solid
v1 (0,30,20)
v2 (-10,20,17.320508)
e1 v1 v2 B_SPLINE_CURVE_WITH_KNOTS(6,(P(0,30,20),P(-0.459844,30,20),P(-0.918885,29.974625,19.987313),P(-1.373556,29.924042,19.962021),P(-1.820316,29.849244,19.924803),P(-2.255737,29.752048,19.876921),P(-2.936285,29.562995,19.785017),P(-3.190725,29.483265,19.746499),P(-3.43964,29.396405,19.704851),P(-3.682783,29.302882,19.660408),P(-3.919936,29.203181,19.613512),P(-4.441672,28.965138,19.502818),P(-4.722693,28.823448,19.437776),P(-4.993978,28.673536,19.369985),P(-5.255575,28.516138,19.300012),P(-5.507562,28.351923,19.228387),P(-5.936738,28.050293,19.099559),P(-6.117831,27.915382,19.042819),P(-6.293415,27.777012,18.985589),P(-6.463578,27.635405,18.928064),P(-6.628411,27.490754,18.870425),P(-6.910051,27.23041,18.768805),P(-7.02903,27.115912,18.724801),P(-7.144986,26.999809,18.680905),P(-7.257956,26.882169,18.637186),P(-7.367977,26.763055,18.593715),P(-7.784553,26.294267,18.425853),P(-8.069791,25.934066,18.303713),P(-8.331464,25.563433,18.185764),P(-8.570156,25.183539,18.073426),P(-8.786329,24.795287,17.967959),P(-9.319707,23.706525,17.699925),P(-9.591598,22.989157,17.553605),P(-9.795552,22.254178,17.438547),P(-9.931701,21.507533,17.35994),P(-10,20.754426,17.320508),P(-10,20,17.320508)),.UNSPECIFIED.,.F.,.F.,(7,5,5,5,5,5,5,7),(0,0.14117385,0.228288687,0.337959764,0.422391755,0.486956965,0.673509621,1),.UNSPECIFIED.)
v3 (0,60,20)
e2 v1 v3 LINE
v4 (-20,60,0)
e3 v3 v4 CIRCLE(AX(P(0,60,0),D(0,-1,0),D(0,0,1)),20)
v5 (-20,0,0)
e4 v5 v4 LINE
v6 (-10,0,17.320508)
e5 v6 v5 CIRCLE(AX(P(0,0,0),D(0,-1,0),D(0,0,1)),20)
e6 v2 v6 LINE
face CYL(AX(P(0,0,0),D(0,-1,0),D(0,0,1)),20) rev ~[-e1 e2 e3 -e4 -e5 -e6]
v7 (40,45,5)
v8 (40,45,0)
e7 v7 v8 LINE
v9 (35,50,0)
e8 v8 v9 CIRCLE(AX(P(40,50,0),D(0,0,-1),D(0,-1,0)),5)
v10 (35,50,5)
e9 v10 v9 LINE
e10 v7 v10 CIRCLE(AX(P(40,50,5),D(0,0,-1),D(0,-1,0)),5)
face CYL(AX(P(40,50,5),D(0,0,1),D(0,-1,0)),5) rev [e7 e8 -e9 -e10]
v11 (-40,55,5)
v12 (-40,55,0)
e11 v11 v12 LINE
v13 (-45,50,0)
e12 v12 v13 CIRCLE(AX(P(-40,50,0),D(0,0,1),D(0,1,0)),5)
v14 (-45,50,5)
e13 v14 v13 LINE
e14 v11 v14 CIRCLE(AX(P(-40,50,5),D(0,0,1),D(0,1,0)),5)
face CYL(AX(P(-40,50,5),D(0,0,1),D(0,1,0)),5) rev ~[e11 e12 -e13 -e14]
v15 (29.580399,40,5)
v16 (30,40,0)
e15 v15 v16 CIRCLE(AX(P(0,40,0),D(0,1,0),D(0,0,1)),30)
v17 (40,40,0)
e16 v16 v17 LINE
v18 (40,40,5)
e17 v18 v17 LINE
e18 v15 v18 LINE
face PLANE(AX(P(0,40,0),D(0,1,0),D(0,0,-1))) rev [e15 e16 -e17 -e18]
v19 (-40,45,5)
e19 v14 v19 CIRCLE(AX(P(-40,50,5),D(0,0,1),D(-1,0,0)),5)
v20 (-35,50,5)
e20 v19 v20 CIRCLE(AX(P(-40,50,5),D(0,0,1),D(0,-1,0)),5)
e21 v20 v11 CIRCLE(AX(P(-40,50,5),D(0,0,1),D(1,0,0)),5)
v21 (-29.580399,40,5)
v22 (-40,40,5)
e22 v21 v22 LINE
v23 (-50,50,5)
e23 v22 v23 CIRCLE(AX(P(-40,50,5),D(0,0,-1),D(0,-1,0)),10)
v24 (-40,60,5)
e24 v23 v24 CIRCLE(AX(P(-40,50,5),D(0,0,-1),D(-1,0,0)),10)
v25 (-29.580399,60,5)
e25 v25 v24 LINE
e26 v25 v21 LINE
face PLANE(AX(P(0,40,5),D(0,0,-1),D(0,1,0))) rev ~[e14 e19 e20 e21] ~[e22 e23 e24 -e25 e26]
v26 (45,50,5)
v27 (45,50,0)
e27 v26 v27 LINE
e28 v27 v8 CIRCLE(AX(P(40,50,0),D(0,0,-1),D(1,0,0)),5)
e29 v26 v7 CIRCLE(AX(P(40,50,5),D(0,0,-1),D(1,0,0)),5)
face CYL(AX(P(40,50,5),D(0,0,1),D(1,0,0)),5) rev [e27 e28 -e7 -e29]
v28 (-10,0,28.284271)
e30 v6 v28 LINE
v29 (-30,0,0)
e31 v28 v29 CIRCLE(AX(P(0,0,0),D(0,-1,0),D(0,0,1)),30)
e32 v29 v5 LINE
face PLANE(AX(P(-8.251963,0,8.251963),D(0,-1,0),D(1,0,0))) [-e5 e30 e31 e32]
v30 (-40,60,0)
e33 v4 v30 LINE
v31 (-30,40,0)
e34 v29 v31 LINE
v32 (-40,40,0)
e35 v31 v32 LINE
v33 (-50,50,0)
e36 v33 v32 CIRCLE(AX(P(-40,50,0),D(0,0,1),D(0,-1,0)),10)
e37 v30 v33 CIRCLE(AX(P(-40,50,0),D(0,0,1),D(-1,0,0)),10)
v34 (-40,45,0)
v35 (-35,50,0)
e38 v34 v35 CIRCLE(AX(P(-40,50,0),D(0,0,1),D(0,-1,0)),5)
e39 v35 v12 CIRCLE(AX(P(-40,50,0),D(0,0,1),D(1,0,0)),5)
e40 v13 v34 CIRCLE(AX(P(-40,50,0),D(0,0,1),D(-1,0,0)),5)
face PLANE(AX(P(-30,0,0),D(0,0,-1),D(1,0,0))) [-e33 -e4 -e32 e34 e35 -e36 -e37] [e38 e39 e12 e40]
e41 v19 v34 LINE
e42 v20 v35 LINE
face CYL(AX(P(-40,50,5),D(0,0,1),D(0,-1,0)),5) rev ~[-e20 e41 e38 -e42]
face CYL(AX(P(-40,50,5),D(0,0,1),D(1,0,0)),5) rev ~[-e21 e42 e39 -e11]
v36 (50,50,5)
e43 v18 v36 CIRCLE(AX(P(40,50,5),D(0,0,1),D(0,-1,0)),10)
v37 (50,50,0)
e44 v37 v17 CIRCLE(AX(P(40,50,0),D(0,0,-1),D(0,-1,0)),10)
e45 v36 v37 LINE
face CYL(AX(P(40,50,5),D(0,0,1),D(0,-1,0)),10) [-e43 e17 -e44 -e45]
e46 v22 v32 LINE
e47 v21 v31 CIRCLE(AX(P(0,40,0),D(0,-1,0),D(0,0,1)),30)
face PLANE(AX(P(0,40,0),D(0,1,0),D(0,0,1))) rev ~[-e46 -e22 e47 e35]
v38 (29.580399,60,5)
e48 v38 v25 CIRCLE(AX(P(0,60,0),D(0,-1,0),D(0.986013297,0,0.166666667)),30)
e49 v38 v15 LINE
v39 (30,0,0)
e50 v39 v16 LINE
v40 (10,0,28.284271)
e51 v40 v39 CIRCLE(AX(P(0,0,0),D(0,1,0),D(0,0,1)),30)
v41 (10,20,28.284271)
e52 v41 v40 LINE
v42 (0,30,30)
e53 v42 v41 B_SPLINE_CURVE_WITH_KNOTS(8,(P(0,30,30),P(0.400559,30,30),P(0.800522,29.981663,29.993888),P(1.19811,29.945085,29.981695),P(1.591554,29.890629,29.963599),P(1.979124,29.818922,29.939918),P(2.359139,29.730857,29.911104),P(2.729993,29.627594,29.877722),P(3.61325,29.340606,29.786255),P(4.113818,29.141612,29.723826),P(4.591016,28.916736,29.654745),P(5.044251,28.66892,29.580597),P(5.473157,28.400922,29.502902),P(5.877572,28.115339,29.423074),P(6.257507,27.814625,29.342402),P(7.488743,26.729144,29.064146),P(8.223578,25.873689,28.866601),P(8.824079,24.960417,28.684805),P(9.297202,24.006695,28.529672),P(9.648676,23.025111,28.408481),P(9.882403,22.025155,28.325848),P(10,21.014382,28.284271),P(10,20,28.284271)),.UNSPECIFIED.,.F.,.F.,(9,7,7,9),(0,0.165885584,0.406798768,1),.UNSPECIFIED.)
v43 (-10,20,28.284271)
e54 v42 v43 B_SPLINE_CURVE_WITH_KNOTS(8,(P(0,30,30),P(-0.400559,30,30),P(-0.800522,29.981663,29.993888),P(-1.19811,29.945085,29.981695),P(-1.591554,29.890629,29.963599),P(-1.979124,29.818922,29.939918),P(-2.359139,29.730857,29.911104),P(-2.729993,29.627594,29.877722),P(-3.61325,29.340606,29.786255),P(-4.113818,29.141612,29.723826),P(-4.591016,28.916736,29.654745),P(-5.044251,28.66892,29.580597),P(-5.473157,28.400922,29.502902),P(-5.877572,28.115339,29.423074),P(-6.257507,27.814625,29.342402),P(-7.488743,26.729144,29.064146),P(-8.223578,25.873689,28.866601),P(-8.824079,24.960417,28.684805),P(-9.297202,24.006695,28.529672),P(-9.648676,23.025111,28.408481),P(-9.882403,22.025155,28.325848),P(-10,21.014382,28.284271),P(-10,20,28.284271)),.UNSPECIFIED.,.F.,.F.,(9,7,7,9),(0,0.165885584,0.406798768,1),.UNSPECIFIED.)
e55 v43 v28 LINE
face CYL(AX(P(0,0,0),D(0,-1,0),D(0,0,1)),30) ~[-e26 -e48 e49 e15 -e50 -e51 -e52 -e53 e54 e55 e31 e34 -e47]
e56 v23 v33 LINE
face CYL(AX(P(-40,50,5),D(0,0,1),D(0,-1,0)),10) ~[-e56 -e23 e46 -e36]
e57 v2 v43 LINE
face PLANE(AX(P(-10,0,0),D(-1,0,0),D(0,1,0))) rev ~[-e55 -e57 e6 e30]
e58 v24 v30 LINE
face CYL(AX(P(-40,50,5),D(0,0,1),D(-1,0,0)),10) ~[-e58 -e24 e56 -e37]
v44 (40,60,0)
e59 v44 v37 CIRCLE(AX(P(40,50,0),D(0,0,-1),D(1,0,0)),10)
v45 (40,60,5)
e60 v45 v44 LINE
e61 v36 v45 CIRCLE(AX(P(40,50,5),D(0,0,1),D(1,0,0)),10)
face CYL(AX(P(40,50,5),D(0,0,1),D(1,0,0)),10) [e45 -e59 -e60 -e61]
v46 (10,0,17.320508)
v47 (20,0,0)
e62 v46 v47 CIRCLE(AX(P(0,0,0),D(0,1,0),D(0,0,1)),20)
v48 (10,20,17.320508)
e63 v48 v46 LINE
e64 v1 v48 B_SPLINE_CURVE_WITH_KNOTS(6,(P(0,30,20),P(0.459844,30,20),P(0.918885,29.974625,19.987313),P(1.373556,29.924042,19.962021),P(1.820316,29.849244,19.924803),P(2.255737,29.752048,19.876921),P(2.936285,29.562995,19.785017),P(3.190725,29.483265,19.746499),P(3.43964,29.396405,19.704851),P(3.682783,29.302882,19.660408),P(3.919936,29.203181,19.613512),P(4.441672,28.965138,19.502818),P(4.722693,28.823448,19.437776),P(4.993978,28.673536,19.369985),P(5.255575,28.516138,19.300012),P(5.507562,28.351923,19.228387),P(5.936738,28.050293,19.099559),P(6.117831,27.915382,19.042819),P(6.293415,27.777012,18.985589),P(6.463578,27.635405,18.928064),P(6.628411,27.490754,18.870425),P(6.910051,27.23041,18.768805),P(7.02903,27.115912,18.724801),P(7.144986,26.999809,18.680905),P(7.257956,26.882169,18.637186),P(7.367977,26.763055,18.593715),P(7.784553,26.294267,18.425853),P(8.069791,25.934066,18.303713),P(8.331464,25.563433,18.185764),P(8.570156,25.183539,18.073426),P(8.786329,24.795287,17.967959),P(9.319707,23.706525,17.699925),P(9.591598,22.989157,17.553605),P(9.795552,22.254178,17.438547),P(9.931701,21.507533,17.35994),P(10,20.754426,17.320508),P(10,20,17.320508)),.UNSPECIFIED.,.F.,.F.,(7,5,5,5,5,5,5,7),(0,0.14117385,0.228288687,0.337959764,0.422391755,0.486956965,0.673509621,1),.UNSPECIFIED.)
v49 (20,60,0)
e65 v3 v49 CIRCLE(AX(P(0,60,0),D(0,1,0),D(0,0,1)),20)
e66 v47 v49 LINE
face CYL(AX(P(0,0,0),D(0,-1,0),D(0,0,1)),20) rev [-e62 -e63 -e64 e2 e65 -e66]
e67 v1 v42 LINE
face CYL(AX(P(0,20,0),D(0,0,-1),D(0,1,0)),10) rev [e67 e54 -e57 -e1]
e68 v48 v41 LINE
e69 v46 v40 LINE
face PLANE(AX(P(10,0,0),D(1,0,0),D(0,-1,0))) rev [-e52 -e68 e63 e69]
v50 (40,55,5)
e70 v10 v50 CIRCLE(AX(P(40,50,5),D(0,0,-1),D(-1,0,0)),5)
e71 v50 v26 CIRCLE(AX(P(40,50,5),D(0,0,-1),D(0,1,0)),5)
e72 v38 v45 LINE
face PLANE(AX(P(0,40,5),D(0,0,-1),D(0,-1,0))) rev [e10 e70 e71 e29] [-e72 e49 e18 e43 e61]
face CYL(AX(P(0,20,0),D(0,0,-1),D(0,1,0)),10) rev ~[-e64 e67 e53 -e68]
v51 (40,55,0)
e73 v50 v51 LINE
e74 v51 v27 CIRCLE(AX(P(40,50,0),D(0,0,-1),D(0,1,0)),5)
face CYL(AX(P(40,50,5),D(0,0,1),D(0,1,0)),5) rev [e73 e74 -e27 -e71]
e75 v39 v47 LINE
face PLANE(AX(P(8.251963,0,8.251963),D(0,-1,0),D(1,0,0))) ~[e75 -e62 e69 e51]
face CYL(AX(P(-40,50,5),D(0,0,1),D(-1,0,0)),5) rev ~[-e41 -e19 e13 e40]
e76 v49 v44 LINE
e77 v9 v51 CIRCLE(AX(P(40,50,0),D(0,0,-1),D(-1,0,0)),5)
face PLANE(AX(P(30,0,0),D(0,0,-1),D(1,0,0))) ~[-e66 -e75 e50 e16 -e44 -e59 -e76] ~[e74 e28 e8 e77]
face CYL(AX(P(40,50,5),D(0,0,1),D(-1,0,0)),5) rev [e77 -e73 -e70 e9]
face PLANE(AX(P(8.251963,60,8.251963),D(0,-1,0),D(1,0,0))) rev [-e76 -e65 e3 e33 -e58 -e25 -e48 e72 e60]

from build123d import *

# Parameters (mm, degrees)
F1_DEPTH = 60
F2_W     = 20
F2_H     = 5
F3_DEPTH = 50
F5_DEPTH = 60.001
F6_W     = 10
F6_H     = 20
F7_DEPTH = 30.001
F8_DEPTH = 5.0010001


with BuildPart() as f1:
    # F0 (on Front) → F1 (new body)
    with BuildSketch(Plane.XZ):
        with BuildLine():
            ThreePointArc((0, 20), (-14.1421356237, 14.1421356237), (-20, 0))
            Line((-20, 0), (0, 0))
            Line((0, 0), (0, 20))
        make_face()
        with BuildLine():
            ThreePointArc((0, 30), (-21.2132034356, 21.2132034356), (-30, 0))
            Line((-30, 0), (-20, 0))
            ThreePointArc((-20, 0), (-14.1421356237, 14.1421356237), (0, 20))
            Line((0, 20), (0, 30))
        make_face()
    extrude(amount=-F1_DEPTH)

    # F2 (on face) → F3 (join)
    with BuildSketch(Plane.YZ):
        with Locations((50, 2.5)):
            Rectangle(F2_W, F2_H)
    extrude(amount=-F3_DEPTH)

    # F0 (on Front) → F5 (cut, through all)
    with BuildSketch(Plane.XZ):
        with BuildLine():
            ThreePointArc((0, 20), (-14.1421356237, 14.1421356237), (-20, 0))
            Line((-20, 0), (0, 0))
            Line((0, 0), (0, 20))
        make_face()
    extrude(amount=-F5_DEPTH, mode=Mode.SUBTRACT)

    # F6 (on Top) → F7 (cut, through all)
    with BuildSketch(Plane.XY):
        with Locations((-5, 10)):
            Rectangle(F6_W, F6_H)
        with BuildLine():
            Line((-10, 20), (0, 20))
            Line((0, 20), (0, 30))
            ThreePointArc((0, 30), (-7.0710678119, 27.0710678119), (-10, 20))
        make_face()
    extrude(amount=F7_DEPTH, mode=Mode.SUBTRACT)

    # F4 (on face) → F8 (cut, through all)
    with BuildSketch(Plane.XY.offset(5)):
        with BuildLine():
            ThreePointArc((-40, 40), (-47.0710678119, 42.9289321881), (-50, 50))
            Line((-50, 50), (-50, 40))
            Line((-50, 40), (-40, 40))
        make_face()
        with BuildLine():
            Line((-40, 60), (-50, 60))
            Line((-50, 60), (-50, 50))
            ThreePointArc((-50, 50), (-47.0710678119, 57.0710678119), (-40, 60))
        make_face()
        with BuildLine():
            Line((-40, 50), (-45, 50))
            ThreePointArc((-45, 50), (-43.5355339059, 46.4644660941), (-40, 45))
            Line((-40, 45), (-40, 50))
        make_face()
        with BuildLine():
            Line((-35, 50), (-40, 50))
            Line((-40, 50), (-40, 45))
            ThreePointArc((-40, 45), (-36.4644660941, 46.4644660941), (-35, 50))
        make_face()
        with BuildLine():
            ThreePointArc((-35, 50), (-36.4644660941, 53.5355339059), (-40, 55))
            Line((-40, 55), (-40, 50))
            Line((-40, 50), (-35, 50))
        make_face()
        with BuildLine():
            ThreePointArc((-40, 55), (-43.5355339059, 53.5355339059), (-45, 50))
            Line((-45, 50), (-40, 50))
            Line((-40, 50), (-40, 55))
        make_face()
    extrude(amount=-F8_DEPTH, mode=Mode.SUBTRACT)

    # F9: F1 across plane


with BuildPart() as f1_1:
    add(f1.part)
    add(f1.part.mirror(Plane.YZ))


solid = f1_1.part
